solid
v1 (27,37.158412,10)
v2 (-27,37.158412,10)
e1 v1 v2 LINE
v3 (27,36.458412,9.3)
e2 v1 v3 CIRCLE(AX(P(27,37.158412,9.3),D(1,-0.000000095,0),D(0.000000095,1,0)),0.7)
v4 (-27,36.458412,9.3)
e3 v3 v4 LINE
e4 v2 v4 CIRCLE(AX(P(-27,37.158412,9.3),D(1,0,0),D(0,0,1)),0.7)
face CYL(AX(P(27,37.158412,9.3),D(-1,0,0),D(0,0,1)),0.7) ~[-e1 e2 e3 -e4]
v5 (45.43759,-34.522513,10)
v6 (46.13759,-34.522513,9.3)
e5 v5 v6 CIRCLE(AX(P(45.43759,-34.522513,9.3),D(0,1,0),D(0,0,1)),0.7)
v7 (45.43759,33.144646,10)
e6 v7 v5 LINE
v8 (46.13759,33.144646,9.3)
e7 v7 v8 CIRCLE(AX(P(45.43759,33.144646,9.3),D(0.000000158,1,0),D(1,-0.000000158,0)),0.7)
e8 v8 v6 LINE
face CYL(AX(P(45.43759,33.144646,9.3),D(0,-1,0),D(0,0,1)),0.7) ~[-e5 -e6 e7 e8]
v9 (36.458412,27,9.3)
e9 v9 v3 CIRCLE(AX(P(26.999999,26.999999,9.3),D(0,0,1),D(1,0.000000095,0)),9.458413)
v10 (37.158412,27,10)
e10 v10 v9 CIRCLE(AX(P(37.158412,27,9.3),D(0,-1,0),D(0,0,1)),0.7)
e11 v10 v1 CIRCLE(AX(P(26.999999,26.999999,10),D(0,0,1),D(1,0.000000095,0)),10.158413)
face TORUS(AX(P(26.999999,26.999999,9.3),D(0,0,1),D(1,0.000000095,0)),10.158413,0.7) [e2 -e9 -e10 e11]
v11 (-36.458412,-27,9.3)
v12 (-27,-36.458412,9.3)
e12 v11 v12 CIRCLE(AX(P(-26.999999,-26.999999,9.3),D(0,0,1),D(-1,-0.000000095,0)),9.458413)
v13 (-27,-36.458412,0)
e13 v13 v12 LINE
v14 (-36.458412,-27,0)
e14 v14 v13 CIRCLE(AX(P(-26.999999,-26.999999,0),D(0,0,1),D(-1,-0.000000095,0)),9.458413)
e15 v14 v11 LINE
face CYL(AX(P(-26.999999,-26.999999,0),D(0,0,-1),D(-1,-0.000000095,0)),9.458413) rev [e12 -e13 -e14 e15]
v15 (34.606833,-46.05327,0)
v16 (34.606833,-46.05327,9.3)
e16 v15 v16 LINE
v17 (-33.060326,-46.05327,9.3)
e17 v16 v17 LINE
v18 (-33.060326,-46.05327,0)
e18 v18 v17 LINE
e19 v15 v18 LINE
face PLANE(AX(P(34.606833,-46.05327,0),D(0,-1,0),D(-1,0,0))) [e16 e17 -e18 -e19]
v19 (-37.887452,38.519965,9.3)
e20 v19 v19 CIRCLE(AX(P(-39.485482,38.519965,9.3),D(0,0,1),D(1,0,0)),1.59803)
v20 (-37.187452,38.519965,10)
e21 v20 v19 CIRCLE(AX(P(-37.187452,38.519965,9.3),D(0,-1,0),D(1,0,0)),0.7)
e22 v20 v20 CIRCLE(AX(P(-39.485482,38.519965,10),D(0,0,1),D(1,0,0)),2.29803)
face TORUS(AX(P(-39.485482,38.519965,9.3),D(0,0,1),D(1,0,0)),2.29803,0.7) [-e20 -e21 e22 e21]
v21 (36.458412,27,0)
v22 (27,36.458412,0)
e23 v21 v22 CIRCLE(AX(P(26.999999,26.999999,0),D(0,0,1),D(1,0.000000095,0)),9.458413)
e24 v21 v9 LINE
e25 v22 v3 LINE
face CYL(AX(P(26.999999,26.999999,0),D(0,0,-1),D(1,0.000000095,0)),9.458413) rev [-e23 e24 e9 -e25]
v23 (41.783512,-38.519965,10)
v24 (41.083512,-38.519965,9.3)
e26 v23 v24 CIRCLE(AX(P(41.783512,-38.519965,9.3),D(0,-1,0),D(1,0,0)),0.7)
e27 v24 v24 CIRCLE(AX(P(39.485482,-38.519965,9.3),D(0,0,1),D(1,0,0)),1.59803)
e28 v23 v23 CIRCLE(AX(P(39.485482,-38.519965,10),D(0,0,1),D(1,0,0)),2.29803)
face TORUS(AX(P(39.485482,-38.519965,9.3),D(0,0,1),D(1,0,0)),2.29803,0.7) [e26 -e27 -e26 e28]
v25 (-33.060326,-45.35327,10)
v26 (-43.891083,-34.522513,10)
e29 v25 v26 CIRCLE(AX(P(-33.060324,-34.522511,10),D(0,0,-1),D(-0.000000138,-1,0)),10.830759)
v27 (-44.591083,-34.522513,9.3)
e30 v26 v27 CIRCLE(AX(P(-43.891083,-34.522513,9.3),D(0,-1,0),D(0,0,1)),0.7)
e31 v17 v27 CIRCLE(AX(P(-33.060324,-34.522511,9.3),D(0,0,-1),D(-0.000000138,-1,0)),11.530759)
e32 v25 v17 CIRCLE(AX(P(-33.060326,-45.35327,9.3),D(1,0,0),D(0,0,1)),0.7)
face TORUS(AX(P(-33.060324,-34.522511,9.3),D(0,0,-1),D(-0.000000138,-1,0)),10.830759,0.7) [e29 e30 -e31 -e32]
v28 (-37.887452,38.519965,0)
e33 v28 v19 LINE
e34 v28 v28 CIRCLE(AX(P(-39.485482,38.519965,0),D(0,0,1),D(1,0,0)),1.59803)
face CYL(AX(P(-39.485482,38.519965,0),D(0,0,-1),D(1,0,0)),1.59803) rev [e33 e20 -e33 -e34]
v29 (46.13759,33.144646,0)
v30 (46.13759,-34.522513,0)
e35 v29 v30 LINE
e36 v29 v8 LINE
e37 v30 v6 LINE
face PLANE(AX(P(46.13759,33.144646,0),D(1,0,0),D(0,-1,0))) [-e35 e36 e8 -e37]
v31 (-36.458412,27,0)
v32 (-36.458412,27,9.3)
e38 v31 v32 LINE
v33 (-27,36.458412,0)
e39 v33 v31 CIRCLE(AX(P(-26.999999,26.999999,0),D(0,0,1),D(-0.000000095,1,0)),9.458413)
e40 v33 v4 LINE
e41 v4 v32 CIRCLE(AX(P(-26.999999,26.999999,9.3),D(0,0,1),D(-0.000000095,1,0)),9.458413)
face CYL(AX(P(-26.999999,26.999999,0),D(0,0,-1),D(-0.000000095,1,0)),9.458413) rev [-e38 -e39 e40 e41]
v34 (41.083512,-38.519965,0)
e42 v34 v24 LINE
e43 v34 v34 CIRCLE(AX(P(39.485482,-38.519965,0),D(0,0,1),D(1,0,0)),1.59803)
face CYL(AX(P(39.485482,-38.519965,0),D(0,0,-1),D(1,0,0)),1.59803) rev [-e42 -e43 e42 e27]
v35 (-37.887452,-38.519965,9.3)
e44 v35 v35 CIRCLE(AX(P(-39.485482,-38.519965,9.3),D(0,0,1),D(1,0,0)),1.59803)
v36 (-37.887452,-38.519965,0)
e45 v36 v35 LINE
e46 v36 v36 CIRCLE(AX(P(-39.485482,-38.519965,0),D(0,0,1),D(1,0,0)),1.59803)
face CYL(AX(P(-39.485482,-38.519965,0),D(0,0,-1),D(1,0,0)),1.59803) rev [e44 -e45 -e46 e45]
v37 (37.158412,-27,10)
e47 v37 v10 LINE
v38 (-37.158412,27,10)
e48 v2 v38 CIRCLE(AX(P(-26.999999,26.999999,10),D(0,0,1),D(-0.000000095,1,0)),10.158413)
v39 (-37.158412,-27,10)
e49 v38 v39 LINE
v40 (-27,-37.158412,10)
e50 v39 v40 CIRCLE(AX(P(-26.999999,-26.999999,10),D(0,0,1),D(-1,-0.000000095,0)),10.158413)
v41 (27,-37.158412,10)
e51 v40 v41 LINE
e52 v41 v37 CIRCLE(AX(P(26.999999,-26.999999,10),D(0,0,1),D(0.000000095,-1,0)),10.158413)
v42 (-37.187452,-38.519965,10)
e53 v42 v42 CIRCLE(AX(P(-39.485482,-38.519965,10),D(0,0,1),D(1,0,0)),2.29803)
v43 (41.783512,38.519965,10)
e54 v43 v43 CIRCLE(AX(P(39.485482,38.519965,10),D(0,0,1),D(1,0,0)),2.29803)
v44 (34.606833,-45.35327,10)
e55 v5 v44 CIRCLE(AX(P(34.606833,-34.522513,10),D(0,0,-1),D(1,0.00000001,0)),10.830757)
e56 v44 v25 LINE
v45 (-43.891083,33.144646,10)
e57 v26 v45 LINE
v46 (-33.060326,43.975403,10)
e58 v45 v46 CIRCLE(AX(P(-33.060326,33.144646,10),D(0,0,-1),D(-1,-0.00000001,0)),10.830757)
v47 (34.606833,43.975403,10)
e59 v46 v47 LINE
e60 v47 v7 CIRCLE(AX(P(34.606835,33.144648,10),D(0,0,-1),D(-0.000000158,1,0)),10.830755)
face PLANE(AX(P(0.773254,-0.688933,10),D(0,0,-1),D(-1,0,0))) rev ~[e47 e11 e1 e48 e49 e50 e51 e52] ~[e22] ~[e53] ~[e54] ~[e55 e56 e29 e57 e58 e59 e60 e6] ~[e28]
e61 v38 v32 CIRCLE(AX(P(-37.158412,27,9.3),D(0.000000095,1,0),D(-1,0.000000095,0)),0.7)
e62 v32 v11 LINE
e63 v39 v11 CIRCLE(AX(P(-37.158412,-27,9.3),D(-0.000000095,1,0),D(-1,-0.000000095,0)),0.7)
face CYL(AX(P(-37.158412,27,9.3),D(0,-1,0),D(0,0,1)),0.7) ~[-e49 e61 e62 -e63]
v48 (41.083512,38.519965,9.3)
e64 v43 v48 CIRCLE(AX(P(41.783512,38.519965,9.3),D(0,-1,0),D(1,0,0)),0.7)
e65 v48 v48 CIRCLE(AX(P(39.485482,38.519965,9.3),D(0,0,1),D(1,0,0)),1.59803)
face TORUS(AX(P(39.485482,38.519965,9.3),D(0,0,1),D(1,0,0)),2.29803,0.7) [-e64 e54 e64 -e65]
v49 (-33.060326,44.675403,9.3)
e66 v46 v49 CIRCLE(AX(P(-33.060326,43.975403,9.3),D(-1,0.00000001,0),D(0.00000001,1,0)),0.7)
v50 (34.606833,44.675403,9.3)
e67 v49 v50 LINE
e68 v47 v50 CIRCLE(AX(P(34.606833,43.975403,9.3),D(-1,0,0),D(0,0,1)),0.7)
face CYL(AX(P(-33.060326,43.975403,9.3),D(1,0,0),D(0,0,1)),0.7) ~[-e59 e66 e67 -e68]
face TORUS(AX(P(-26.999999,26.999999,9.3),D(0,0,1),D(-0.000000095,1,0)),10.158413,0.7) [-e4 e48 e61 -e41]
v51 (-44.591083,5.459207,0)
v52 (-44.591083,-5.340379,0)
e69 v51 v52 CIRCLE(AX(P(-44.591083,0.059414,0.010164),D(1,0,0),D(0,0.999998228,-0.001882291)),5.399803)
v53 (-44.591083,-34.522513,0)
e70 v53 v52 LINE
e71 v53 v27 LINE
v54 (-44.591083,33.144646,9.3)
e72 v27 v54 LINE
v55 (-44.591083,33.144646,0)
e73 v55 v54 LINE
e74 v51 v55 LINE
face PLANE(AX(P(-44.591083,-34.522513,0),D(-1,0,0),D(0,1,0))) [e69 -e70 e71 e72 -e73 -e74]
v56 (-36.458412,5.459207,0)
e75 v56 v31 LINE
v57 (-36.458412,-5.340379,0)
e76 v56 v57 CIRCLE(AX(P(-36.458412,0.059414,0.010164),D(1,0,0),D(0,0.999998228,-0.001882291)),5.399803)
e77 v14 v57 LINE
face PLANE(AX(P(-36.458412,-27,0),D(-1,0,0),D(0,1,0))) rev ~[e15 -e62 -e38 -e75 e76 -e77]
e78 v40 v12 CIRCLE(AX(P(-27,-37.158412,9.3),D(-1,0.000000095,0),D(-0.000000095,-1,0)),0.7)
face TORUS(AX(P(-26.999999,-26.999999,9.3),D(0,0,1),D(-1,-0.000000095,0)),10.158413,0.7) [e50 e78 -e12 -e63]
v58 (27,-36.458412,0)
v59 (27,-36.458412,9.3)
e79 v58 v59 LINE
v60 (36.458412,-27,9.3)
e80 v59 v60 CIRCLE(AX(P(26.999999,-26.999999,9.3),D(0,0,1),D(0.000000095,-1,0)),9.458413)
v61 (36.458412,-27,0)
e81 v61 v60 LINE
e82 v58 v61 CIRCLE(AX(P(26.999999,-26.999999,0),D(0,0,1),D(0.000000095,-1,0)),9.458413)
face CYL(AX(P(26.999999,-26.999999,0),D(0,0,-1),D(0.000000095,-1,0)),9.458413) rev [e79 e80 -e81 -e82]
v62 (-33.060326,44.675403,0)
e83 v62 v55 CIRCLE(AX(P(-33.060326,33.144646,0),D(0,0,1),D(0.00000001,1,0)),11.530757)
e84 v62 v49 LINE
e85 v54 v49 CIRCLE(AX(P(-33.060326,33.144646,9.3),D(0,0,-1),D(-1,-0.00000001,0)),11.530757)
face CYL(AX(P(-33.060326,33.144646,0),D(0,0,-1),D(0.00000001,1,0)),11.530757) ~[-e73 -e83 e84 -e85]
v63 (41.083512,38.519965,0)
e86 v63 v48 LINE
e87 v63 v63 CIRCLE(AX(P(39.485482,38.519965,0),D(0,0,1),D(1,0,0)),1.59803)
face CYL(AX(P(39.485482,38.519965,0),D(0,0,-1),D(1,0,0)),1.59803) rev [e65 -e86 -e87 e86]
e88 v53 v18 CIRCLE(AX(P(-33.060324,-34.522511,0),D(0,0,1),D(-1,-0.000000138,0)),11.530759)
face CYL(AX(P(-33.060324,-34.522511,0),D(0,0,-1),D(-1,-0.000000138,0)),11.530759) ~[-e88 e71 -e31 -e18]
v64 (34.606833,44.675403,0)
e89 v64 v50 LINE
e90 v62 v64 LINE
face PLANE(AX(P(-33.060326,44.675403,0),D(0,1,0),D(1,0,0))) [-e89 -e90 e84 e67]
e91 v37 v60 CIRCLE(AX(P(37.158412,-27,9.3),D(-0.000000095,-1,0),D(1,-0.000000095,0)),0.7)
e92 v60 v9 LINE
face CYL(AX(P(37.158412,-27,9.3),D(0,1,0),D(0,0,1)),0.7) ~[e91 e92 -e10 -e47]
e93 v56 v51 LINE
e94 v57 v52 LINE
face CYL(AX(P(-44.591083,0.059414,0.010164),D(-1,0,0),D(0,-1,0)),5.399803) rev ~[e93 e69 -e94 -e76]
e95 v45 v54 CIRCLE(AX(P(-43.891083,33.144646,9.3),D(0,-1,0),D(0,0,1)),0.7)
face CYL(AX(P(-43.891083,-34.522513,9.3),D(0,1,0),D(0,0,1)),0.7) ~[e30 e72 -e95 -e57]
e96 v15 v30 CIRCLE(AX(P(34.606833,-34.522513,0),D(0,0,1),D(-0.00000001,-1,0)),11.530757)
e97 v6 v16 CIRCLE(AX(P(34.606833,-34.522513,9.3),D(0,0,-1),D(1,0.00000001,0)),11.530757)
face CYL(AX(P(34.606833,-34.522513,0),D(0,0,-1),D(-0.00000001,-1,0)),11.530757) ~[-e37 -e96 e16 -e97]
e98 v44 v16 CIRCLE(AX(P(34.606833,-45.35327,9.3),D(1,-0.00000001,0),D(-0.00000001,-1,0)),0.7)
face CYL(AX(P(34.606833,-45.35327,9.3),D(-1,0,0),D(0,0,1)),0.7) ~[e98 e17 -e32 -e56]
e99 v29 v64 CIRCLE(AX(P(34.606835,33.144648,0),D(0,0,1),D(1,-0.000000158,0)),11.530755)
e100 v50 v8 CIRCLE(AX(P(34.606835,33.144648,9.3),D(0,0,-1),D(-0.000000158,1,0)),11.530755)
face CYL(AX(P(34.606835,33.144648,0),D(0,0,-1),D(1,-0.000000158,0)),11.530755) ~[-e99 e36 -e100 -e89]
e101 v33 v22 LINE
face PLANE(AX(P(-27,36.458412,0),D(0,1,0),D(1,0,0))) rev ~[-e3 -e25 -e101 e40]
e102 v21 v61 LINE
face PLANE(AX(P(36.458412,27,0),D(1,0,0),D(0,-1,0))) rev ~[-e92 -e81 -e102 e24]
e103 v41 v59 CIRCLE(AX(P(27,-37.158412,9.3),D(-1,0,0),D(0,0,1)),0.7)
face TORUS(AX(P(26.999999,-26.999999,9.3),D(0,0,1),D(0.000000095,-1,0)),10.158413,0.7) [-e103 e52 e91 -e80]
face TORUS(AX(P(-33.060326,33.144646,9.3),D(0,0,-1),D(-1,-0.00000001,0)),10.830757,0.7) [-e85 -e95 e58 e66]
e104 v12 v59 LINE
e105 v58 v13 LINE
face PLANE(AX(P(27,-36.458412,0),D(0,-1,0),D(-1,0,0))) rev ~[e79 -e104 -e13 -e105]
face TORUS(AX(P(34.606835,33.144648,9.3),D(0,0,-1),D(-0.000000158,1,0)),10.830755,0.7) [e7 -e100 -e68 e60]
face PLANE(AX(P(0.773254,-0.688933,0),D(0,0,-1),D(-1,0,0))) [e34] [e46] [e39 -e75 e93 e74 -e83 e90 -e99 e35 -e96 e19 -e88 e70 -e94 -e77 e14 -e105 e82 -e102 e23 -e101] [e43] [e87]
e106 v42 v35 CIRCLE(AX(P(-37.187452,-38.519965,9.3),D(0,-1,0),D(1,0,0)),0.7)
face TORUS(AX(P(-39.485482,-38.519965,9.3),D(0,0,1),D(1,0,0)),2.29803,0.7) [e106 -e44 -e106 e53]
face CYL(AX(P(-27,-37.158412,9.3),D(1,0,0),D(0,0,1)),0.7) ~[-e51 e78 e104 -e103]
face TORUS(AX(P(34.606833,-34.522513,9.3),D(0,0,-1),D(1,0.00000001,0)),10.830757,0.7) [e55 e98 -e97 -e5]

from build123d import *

# Parameters (mm, degrees)
SKETCH_R     = 1.59803
PAD_DEPTH    = 10
SKETCH001_R  = 5.399803
POCKET_DEPTH = 10
FILLET_R     = 0.7


with BuildPart() as part:
    # Sketch → Pad (new body)
    with BuildSketch(Plane.XY):
        with BuildLine():
            Line((-33.060326, 44.675403), (34.606833, 44.675403))
            ThreePointArc((46.13759, 33.144646), (42.76031, 41.298123), (34.606833, 44.675403))
            Line((46.13759, 33.144646), (46.13759, -34.522513))
            ThreePointArc((34.606833, -46.05327), (42.76031, -42.675989), (46.13759, -34.522513))
            Line((34.606833, -46.05327), (-33.060326, -46.05327))
            ThreePointArc((-44.591083, -34.522513), (-41.213802, -42.675989), (-33.060326, -46.05327))
            Line((-44.591083, -34.522513), (-44.591083, 33.144646))
            ThreePointArc((-33.060326, 44.675403), (-41.213802, 41.298123), (-44.591083, 33.144646))
        make_face()
        with Locations((-39.485482, 38.519965)):
            Circle(SKETCH_R, mode=Mode.SUBTRACT)
        with Locations((39.485482, 38.519965)):
            Circle(SKETCH_R, mode=Mode.SUBTRACT)
        with Locations((39.485482, -38.519965)):
            Circle(SKETCH_R, mode=Mode.SUBTRACT)
        with Locations((-39.485482, -38.519965)):
            Circle(SKETCH_R, mode=Mode.SUBTRACT)
        with BuildLine():
            Line((-27, 36.458412), (27, 36.458412))
            ThreePointArc((36.458412, 27), (33.688107, 33.688107), (27, 36.458412))
            Line((36.458412, 27), (36.458412, -27))
            ThreePointArc((27, -36.458412), (33.688107, -33.688107), (36.458412, -27))
            Line((27, -36.458412), (-27, -36.458412))
            ThreePointArc((-36.458412, -27), (-33.688107, -33.688107), (-27, -36.458412))
            Line((-36.458412, -27), (-36.458412, 27))
            ThreePointArc((-27, 36.458412), (-33.688107, 33.688107), (-36.458412, 27))
        make_face(mode=Mode.SUBTRACT)
    extrude(amount=PAD_DEPTH)

    # Sketch001 → Pocket (cut)
    with BuildSketch(Plane(origin=(-44.591083, 0, 0), x_dir=(0, -1, 0), z_dir=(-1, 0, 0))):
        with Locations((-0.059414, 0.010164)):
            Circle(SKETCH001_R)
    extrude(amount=-POCKET_DEPTH, mode=Mode.SUBTRACT)

    # Fillet
    fillet_edges = [part.edges().sort_by_distance(p)[0] for p in [
        (-44.591083, -0.688933, 10),
        (-41.213802, 41.298123, 10),
        (0.773254, 44.675403, 10),
        (42.76031, 41.298123, 10),
        (46.13759, -0.688933, 10),
        (42.76031, -42.675989, 10),
        (0.773254, -46.05327, 10),
        (-41.213802, -42.675989, 10),
        (-33.688107, -33.688107, 10),
        (0, -36.458412, 10),
        (33.688107, -33.688107, 10),
        (36.458412, 0, 10),
        (33.688107, 33.688107, 10),
        (0, 36.458412, 10),
        (-33.688107, 33.688107, 10),
        (-36.458412, 0, 10),
        (-41.083512, -38.519965, 10),
        (37.887452, -38.519965, 10),
        (37.887452, 38.519965, 10),
        (-41.083512, 38.519965, 10),
    ]]
    fillet(fillet_edges, radius=FILLET_R)


solid = part.part
